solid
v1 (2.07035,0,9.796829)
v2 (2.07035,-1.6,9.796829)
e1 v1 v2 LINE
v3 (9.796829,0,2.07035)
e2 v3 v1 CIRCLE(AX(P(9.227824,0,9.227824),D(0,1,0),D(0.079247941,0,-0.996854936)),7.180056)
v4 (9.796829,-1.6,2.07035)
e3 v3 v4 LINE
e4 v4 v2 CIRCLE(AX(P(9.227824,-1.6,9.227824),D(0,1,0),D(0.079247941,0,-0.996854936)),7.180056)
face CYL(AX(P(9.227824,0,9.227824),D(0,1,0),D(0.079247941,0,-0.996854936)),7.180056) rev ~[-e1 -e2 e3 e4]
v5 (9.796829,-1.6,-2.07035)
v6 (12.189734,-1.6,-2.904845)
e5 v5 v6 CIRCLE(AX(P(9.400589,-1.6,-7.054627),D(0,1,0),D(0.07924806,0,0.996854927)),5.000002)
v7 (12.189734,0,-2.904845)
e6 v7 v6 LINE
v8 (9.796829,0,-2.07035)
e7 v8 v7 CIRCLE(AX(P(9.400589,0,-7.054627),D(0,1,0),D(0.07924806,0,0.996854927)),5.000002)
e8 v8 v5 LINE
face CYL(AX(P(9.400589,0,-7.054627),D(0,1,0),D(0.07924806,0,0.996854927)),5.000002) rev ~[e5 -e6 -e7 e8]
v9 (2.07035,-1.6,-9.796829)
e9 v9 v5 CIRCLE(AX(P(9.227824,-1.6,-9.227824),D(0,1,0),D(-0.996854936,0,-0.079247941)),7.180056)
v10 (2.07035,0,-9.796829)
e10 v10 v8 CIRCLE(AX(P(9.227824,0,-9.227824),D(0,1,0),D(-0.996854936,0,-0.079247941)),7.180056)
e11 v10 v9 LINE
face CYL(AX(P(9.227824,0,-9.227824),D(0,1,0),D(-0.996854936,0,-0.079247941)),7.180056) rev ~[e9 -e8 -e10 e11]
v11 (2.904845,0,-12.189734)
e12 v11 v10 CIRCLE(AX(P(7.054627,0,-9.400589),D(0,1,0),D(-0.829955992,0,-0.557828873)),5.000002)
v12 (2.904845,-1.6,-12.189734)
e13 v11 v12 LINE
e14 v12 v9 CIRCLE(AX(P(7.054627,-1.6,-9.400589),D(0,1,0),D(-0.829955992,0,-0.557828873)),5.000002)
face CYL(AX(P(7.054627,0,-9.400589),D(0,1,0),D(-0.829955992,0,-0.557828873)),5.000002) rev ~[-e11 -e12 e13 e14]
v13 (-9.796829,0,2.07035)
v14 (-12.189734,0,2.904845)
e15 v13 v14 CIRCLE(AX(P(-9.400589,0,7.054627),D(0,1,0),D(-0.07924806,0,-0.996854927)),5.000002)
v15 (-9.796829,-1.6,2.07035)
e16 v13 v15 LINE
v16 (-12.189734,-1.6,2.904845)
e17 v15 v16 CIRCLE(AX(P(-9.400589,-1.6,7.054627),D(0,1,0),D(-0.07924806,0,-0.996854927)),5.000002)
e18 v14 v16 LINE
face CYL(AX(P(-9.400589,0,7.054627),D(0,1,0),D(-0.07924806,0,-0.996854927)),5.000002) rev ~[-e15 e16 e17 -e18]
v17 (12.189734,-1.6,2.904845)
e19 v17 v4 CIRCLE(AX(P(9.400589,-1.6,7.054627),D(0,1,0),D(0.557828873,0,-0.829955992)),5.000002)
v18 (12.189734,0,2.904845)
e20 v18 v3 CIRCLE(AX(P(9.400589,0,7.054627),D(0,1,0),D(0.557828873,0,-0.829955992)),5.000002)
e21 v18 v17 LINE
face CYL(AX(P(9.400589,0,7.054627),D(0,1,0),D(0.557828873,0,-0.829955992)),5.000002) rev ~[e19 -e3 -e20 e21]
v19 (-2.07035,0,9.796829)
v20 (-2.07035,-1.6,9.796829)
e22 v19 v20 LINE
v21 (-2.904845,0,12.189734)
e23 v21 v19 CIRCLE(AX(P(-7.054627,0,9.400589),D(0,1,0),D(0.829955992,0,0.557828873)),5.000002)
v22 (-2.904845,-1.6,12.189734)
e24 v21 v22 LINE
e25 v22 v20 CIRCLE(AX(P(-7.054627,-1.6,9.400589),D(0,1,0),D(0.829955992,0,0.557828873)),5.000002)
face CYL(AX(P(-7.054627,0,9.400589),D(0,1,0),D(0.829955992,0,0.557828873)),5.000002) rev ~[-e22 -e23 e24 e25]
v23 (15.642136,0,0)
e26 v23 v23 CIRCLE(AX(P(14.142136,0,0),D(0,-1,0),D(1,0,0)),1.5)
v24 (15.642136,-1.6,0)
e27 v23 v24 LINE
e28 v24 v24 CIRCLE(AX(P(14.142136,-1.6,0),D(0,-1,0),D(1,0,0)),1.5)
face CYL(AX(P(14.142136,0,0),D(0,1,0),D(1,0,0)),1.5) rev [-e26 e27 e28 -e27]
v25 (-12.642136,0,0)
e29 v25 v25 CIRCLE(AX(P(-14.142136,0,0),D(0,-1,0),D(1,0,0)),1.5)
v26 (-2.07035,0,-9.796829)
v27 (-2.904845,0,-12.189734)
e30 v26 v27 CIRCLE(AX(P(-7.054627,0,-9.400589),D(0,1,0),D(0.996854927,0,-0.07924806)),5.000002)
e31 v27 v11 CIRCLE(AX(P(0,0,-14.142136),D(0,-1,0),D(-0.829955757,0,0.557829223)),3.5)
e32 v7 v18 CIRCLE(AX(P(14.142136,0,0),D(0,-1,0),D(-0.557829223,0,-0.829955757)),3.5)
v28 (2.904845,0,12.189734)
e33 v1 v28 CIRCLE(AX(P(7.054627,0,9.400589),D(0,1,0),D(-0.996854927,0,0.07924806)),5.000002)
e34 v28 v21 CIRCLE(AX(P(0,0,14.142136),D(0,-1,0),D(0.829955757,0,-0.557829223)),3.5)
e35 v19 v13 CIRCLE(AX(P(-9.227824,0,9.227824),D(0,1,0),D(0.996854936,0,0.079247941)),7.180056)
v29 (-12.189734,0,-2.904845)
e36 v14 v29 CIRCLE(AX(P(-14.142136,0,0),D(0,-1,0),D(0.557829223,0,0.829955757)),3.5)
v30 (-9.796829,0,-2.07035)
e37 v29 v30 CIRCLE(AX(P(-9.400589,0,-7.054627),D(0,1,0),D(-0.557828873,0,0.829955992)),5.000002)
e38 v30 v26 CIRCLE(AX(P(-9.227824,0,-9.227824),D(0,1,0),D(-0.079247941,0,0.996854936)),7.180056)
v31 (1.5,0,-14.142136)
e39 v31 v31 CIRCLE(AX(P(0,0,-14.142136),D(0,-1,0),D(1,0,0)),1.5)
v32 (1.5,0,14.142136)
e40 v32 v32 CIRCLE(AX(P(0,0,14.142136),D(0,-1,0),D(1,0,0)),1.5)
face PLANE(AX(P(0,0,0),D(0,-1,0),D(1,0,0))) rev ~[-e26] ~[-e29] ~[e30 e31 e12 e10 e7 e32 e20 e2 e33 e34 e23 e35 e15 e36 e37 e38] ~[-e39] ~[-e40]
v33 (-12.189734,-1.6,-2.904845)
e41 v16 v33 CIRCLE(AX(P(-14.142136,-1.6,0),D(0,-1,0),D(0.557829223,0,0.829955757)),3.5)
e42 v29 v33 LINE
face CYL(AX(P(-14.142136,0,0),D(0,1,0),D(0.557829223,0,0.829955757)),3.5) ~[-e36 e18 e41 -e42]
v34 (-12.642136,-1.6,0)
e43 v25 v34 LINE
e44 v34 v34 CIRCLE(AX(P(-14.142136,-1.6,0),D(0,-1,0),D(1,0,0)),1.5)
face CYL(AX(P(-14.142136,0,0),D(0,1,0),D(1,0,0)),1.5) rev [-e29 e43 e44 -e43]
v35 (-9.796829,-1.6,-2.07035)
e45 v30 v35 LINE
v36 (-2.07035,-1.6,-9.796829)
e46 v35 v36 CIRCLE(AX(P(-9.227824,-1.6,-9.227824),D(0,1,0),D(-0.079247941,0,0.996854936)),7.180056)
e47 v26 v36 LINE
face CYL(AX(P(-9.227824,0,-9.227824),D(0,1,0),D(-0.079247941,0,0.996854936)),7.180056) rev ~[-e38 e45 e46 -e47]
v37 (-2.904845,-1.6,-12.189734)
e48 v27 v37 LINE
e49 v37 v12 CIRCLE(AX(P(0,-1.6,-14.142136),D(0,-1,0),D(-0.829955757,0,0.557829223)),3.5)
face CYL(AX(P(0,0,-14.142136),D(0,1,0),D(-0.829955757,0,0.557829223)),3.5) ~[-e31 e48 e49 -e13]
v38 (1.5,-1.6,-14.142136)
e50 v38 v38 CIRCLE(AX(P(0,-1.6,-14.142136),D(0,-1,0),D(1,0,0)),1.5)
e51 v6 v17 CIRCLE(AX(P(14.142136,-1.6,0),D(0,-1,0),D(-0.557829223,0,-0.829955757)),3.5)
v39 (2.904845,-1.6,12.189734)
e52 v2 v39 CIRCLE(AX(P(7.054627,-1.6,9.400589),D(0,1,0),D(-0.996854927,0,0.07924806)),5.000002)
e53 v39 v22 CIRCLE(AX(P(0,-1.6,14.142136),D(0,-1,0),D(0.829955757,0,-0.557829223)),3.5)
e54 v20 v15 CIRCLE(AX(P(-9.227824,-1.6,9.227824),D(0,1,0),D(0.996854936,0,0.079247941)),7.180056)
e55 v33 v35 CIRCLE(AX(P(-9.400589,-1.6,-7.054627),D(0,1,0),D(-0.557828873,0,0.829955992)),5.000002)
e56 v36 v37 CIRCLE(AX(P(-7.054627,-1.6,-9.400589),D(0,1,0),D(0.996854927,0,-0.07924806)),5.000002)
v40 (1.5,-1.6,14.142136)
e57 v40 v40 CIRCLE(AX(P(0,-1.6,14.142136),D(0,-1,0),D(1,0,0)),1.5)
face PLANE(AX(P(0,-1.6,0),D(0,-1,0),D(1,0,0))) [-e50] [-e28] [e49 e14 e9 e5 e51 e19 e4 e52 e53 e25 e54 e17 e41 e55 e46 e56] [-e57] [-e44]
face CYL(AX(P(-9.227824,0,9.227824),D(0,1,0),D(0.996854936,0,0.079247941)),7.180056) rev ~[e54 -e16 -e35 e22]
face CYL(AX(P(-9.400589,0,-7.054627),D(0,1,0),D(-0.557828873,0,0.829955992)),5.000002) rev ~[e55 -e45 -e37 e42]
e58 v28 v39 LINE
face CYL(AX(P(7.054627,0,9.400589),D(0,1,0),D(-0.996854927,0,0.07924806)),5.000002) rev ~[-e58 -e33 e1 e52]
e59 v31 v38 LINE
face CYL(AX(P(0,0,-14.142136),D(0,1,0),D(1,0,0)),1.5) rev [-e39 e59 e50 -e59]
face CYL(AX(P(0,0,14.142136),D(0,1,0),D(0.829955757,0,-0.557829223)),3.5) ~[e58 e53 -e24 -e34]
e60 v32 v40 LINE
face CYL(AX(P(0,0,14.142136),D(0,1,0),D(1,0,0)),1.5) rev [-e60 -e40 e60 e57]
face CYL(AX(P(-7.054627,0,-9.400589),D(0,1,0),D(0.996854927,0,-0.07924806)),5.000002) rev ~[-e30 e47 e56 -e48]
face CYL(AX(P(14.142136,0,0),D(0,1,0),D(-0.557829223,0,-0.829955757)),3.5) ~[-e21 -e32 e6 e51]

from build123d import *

# Parameters (mm, degrees)
F0_R     = 1.5
F1_DEPTH = 1.6


with BuildPart() as f1:
    # F0 (on Front) → F1 (new body)
    with BuildSketch(Plane.XZ):
        with BuildLine():
            ThreePointArc((-9.796829, 2.07035), (-11.047029, 2.333477), (-12.189734, 2.904845))
            ThreePointArc((-12.189734, 2.904845), (-17.642136, 0), (-12.189734, -2.904845))
            ThreePointArc((-12.189734, -2.904845), (-11.047029, -2.333477), (-9.796829, -2.07035))
            ThreePointArc((-9.796829, -2.07035), (-4.150758, -4.150758), (-2.07035, -9.796829))
            ThreePointArc((-2.07035, -9.796829), (-2.333477, -11.047029), (-2.904845, -12.189734))
            ThreePointArc((-2.904845, -12.189734), (0, -17.642136), (2.904845, -12.189734))
            ThreePointArc((2.904845, -12.189734), (2.333477, -11.047029), (2.07035, -9.796829))
            ThreePointArc((2.07035, -9.796829), (4.150758, -4.150758), (9.796829, -2.07035))
            ThreePointArc((9.796829, -2.07035), (11.047029, -2.333477), (12.189734, -2.904845))
            ThreePointArc((12.189734, -2.904845), (17.642136, 0), (12.189734, 2.904845))
            ThreePointArc((12.189734, 2.904845), (11.047029, 2.333477), (9.796829, 2.07035))
            ThreePointArc((9.796829, 2.07035), (4.150758, 4.150758), (2.07035, 9.796829))
            ThreePointArc((2.07035, 9.796829), (2.333477, 11.047029), (2.904845, 12.189734))
            ThreePointArc((2.904845, 12.189734), (0, 17.642136), (-2.904845, 12.189734))
            ThreePointArc((-2.904845, 12.189734), (-2.333477, 11.047029), (-2.07035, 9.796829))
            ThreePointArc((-2.07035, 9.796829), (-4.150758, 4.150758), (-9.796829, 2.07035))
        make_face()
        with Locations((0, -14.142136)):
            Circle(F0_R, mode=Mode.SUBTRACT)
        with Locations((-14.142136, 0)):
            Circle(F0_R, mode=Mode.SUBTRACT)
        with Locations((14.142136, 0)):
            Circle(F0_R, mode=Mode.SUBTRACT)
        with Locations((0, 14.142136)):
            Circle(F0_R, mode=Mode.SUBTRACT)
    extrude(amount=F1_DEPTH)


solid = f1.part
